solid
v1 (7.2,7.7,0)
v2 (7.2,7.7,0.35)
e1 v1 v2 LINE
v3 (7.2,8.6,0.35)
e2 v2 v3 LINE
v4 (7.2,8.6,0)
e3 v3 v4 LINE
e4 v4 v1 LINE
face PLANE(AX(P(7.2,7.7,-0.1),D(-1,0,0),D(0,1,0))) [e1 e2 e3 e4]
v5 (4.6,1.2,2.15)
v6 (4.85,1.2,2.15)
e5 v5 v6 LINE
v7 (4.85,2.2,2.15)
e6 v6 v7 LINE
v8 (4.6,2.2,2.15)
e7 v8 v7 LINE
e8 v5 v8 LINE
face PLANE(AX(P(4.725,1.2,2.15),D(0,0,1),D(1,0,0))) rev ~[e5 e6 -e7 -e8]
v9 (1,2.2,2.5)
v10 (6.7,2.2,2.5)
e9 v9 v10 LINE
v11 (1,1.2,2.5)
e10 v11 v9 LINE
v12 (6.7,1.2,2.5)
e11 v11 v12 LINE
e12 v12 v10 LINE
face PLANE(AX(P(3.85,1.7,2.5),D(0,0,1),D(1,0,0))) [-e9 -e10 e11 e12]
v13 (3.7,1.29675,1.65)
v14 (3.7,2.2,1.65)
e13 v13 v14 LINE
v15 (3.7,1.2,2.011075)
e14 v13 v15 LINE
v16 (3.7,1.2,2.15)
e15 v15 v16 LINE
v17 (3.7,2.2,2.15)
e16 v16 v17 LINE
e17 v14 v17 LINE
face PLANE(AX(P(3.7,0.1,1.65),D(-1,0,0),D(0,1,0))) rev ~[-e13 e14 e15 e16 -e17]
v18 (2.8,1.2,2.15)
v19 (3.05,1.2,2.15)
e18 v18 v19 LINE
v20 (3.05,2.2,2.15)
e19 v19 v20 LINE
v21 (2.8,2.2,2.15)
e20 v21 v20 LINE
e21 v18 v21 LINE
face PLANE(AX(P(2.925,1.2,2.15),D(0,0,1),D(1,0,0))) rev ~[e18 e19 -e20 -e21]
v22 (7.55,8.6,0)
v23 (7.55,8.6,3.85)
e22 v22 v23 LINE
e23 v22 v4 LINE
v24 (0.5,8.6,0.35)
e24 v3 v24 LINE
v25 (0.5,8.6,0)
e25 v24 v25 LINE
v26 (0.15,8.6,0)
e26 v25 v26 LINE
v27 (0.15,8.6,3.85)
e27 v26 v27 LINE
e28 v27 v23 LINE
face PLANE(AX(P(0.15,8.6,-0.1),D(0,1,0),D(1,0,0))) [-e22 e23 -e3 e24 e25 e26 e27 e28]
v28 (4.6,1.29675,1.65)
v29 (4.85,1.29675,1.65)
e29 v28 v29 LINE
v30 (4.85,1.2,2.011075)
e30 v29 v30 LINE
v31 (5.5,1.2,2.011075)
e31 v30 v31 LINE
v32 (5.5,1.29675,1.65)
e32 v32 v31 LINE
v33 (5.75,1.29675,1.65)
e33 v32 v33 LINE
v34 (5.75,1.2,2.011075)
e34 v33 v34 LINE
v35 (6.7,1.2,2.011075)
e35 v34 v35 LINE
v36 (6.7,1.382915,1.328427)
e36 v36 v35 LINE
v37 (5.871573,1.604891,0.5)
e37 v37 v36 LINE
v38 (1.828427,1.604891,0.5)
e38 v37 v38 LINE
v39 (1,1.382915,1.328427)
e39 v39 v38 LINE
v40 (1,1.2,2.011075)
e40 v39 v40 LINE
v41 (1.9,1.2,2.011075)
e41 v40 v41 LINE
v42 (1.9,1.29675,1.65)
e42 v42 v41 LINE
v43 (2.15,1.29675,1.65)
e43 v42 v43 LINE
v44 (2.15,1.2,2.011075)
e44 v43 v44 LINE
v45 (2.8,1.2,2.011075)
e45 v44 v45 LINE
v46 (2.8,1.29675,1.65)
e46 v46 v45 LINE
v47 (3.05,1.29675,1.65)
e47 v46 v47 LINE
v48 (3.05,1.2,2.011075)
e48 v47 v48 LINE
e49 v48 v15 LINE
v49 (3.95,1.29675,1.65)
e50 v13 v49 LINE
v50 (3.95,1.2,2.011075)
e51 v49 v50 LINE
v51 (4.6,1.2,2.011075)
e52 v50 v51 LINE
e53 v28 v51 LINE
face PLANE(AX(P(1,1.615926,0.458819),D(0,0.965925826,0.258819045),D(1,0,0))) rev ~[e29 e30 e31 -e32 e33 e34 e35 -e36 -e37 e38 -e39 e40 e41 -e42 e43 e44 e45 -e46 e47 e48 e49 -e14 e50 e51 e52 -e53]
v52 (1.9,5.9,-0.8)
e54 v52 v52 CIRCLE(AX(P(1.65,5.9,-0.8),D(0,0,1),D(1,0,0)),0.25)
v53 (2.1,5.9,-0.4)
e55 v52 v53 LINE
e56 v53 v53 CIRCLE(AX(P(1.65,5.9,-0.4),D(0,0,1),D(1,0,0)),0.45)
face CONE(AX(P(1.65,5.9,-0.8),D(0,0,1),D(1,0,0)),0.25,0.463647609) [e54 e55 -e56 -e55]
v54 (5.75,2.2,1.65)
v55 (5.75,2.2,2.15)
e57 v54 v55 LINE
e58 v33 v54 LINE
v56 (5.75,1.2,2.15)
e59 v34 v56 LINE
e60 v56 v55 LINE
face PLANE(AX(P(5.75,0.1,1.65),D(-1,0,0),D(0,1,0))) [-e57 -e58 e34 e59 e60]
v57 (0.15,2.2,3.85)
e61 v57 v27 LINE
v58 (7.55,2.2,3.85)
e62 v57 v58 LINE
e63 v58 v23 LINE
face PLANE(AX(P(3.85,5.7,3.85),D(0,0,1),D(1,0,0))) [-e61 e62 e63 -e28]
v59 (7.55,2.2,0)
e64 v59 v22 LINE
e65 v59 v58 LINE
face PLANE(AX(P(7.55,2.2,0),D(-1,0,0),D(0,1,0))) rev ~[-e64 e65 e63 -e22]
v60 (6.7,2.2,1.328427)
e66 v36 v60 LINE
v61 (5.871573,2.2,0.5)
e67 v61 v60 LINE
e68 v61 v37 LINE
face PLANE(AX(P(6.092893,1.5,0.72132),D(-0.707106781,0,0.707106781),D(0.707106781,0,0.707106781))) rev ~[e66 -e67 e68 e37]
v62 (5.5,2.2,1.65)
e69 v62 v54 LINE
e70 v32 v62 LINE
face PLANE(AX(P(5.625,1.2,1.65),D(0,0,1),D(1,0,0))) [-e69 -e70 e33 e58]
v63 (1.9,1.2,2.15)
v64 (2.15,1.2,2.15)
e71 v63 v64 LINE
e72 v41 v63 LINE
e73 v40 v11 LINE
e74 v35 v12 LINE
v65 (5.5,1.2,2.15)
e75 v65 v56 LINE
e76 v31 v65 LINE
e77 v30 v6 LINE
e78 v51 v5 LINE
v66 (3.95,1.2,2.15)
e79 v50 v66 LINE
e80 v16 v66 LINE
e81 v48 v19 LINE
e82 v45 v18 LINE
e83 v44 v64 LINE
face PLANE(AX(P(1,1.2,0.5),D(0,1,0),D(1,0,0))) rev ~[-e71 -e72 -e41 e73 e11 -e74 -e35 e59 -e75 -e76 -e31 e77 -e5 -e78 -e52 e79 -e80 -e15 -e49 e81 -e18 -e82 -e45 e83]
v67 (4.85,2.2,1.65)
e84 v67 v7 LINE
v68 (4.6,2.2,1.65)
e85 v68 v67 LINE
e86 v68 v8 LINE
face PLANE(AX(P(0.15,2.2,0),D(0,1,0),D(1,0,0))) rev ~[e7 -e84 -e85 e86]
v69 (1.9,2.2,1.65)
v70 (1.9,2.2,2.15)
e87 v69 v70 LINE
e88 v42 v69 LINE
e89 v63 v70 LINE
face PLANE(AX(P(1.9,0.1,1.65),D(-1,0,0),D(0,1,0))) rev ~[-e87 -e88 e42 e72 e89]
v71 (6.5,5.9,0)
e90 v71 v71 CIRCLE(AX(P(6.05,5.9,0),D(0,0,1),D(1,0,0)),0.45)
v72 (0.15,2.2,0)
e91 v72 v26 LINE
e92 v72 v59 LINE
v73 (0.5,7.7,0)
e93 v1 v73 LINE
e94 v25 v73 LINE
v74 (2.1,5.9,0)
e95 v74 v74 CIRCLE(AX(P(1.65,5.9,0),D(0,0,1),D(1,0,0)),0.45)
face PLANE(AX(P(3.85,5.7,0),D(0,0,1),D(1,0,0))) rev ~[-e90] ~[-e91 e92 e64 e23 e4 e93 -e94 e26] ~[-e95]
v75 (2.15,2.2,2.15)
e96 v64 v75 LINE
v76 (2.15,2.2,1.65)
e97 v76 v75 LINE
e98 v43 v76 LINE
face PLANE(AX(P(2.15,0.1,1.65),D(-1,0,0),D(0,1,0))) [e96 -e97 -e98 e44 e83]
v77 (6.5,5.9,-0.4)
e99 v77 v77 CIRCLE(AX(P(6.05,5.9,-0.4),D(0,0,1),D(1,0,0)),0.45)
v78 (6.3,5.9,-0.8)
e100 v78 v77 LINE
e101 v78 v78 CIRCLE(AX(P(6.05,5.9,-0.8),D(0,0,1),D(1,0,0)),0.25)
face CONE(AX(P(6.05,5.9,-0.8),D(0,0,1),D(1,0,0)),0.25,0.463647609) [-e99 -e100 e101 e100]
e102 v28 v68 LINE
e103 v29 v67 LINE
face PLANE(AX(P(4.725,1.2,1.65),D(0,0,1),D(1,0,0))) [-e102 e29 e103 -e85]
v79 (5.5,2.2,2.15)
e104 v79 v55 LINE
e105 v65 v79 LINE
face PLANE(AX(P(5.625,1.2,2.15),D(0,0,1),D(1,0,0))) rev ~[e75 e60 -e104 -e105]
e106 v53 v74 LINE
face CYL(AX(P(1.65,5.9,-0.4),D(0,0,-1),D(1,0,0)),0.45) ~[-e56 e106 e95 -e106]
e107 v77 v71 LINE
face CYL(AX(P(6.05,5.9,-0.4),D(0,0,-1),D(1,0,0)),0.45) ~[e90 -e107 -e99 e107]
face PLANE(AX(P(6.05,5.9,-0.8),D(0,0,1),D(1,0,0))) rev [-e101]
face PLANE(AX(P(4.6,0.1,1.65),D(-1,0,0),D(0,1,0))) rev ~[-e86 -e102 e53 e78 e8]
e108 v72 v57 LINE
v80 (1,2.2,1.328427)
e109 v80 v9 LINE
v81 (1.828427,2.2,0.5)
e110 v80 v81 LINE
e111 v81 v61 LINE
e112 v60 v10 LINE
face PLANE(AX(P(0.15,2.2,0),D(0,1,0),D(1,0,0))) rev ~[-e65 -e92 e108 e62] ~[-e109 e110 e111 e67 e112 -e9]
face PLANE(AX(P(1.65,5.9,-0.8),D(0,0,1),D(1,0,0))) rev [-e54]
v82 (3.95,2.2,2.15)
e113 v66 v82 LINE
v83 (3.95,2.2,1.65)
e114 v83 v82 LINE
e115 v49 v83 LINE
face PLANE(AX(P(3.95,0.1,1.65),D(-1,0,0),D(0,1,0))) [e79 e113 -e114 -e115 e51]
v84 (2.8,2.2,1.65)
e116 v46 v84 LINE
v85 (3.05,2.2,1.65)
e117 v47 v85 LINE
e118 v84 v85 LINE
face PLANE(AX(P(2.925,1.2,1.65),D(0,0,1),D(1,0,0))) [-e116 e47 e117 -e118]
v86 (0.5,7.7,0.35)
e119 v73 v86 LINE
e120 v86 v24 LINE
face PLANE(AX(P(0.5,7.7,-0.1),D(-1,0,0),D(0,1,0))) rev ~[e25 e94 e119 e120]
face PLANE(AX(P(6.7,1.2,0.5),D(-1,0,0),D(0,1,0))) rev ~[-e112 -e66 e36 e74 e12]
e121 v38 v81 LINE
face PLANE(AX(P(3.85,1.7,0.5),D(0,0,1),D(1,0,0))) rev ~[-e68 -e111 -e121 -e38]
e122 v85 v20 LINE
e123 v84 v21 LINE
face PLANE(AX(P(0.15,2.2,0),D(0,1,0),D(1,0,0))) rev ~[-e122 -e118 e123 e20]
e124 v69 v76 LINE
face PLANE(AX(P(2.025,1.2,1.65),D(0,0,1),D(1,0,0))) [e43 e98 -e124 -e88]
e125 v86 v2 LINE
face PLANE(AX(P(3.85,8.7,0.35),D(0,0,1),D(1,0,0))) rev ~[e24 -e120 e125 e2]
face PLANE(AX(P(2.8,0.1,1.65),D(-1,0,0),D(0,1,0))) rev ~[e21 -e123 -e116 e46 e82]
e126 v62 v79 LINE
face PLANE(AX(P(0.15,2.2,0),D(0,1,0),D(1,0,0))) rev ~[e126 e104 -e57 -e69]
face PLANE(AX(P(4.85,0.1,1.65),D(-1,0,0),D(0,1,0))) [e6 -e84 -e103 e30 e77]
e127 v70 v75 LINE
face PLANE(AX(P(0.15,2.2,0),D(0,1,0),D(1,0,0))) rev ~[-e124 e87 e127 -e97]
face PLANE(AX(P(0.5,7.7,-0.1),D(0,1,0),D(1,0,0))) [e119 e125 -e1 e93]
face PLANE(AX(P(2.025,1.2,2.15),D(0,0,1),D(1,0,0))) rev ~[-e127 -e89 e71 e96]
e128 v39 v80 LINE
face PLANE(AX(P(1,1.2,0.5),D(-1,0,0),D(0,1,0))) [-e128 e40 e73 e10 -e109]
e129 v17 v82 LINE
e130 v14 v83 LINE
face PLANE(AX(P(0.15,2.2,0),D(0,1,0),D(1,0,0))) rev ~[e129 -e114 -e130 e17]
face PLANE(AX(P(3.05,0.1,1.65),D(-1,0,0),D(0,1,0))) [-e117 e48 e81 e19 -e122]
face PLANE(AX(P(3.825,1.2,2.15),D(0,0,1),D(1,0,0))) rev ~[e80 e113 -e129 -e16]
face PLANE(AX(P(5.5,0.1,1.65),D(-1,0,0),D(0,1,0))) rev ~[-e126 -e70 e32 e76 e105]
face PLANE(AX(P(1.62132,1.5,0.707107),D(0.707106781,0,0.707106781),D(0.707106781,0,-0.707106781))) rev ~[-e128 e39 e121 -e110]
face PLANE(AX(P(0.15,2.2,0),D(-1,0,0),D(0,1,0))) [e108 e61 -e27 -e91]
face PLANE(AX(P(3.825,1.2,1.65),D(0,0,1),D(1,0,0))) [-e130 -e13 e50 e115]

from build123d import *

# Parameters (mm, degrees)
BOX039_W               = 7.4
BOX039_H               = 1
BOX039_DEPTH           = 3.95
BOX038_W               = 6.7
BOX038_H               = 2
BOX038_DEPTH           = 0.45
CYLINDER008_R          = 0.45
CYLINDER008_DEPTH      = 0.4
CYLINDER_R             = 0.45
CYLINDER_DEPTH         = 0.4
BOX028_W               = 7.4
BOX028_H               = 7
BOX028_DEPTH           = 3.85
BOX037_W               = 0.25
BOX037_H               = 2.2
BOX037_DEPTH           = 0.5
BOX036_W               = 0.25
BOX036_H               = 2.2
BOX036_DEPTH           = 0.5
BOX035_W               = 0.25
BOX035_H               = 2.2
BOX035_DEPTH           = 0.5
BOX034_W               = 0.25
BOX034_H               = 2.2
BOX034_DEPTH           = 0.5
BOX033_W               = 0.25
BOX033_H               = 2.2
BOX033_DEPTH           = 0.5
BOX032_W               = 2
BOX032_H               = 3
BOX032_DEPTH           = 2
BOX032_PLACEMENT_ANGLE = 45
BOX031_W               = 2
BOX031_H               = 3
BOX031_DEPTH           = 2
BOX031_PLACEMENT_ANGLE = 45
BOX029_W               = 5.7
BOX029_H               = 1
BOX029_DEPTH           = 2
BOX029_PLACEMENT_ANGLE = 15
BOX030_W               = 5.7
BOX030_H               = 1
BOX030_DEPTH           = 2


with BuildPart() as cube031:
    # Box039 → Box039 (new body)
    with BuildSketch(Plane(origin=(0.15, 8.6, -0.1), x_dir=(1, 0, 0), z_dir=(0, 0, 1))):
        with Locations((3.7, 0.5)):
            Rectangle(BOX039_W, BOX039_H)
    extrude(amount=BOX039_DEPTH)


with BuildPart() as cube030:
    # Box038 → Box038 (new body)
    with BuildSketch(Plane(origin=(0.5, 7.7, -0.1), x_dir=(1, 0, 0), z_dir=(0, 0, 1))):
        with Locations((3.35, 1)):
            Rectangle(BOX038_W, BOX038_H)
    extrude(amount=BOX038_DEPTH)


with BuildPart() as cone001:
    # Cone001 → Cone001 (revolve)
    with BuildSketch(Plane(origin=(6.05, 5.9, -0.8), x_dir=(1, 0, 0), z_dir=(0, -1, 0))):
        Polygon((0, 0), (0.25, 0), (0.45, 0.4), (0, 0.4), align=None)
    revolve(axis=Axis((6.05, 5.9, -0.8), (0, 0, 1)))


with BuildPart() as fusion002:
    # Cylinder008 → Cylinder008 (new body)
    with BuildSketch(Plane(origin=(6.05, 5.9, -0.4), x_dir=(1, 0, 0), z_dir=(0, 0, 1))):
        Circle(CYLINDER008_R)
    extrude(amount=CYLINDER008_DEPTH)

    # Fusion002: union Cone001
    add(cone001.part)


with BuildPart() as cone:
    # Cone → Cone (revolve)
    with BuildSketch(Plane(origin=(1.65, 5.9, -0.8), x_dir=(1, 0, 0), z_dir=(0, -1, 0))):
        Polygon((0, 0), (0.25, 0), (0.45, 0.4), (0, 0.4), align=None)
    revolve(axis=Axis((1.65, 5.9, -0.8), (0, 0, 1)))


with BuildPart() as fusion:
    # Cylinder → Cylinder (new body)
    with BuildSketch(Plane(origin=(1.65, 5.9, -0.4), x_dir=(1, 0, 0), z_dir=(0, 0, 1))):
        Circle(CYLINDER_R)
    extrude(amount=CYLINDER_DEPTH)

    # Fusion: union Cone
    add(cone.part)


with BuildPart() as fusion004:
    # Box028 → Box028 (new body)
    with BuildSketch(Plane(origin=(0.15, 2.2, 0), x_dir=(1, 0, 0), z_dir=(0, 0, 1))):
        with Locations((3.7, 3.5)):
            Rectangle(BOX028_W, BOX028_H)
    extrude(amount=BOX028_DEPTH)

    # Fusion003: union Fusion
    add(fusion.part)

    # Fusion004: union Fusion002
    add(fusion002.part)


with BuildPart() as cube029:
    # Box037 → Box037 (new body)
    with BuildSketch(Plane(origin=(5.5, 0.1, 1.65), x_dir=(1, 0, 0), z_dir=(0, 0, 1))):
        with Locations((0.125, 1.1)):
            Rectangle(BOX037_W, BOX037_H)
    extrude(amount=BOX037_DEPTH)


with BuildPart() as cube028:
    # Box036 → Box036 (new body)
    with BuildSketch(Plane(origin=(4.6, 0.1, 1.65), x_dir=(1, 0, 0), z_dir=(0, 0, 1))):
        with Locations((0.125, 1.1)):
            Rectangle(BOX036_W, BOX036_H)
    extrude(amount=BOX036_DEPTH)


with BuildPart() as cube027:
    # Box035 → Box035 (new body)
    with BuildSketch(Plane(origin=(3.7, 0.1, 1.65), x_dir=(1, 0, 0), z_dir=(0, 0, 1))):
        with Locations((0.125, 1.1)):
            Rectangle(BOX035_W, BOX035_H)
    extrude(amount=BOX035_DEPTH)


with BuildPart() as cube026:
    # Box034 → Box034 (new body)
    with BuildSketch(Plane(origin=(2.8, 0.1, 1.65), x_dir=(1, 0, 0), z_dir=(0, 0, 1))):
        with Locations((0.125, 1.1)):
            Rectangle(BOX034_W, BOX034_H)
    extrude(amount=BOX034_DEPTH)


with BuildPart() as cube025:
    # Box033 → Box033 (new body)
    with BuildSketch(Plane(origin=(1.9, 0.1, 1.65), x_dir=(1, 0, 0), z_dir=(0, 0, 1))):
        with Locations((0.125, 1.1)):
            Rectangle(BOX033_W, BOX033_H)
    extrude(amount=BOX033_DEPTH)


with BuildPart() as cube024:
    # Box032 → Box032 (new body)
    with BuildSketch(Plane.XY):
        with Locations((1, 1.5)):
            Rectangle(BOX032_W, BOX032_H)
    extrude(amount=BOX032_DEPTH)


with BuildPart() as cube024_1:
    # Box032 placement: moved
    add(cube024.part.moved(Location((6.8, 0, -1.4))).rotate(Axis((6.8, 0, -1.4), (0, -1, 0)), BOX032_PLACEMENT_ANGLE))


with BuildPart() as cube023:
    # Box031 → Box031 (new body)
    with BuildSketch(Plane.XY):
        with Locations((1, 1.5)):
            Rectangle(BOX031_W, BOX031_H)
    extrude(amount=BOX031_DEPTH)


with BuildPart() as cube023_1:
    # Box031 placement: moved
    add(cube023.part.moved(Location((-0.5, 0, 0))).rotate(Axis((-0.5, 0, 0), (0, 1, 0)), BOX031_PLACEMENT_ANGLE))


with BuildPart() as cube021:
    # Box029 → Box029 (new body)
    with BuildSketch(Plane.XY):
        with Locations((2.85, 0.5)):
            Rectangle(BOX029_W, BOX029_H)
    extrude(amount=BOX029_DEPTH)


with BuildPart() as cube021_1:
    # Box029 placement: moved
    add(cube021.part.moved(Location((1, 0.65, 0.2))).rotate(Axis((1, 0.65, 0.2), (1, 0, 0)), BOX029_PLACEMENT_ANGLE))


with BuildPart() as plastic_guts:
    # Box030 → Box030 (new body)
    with BuildSketch(Plane(origin=(1, 1.2, 0.5), x_dir=(1, 0, 0), z_dir=(0, 0, 1))):
        with Locations((2.85, 0.5)):
            Rectangle(BOX030_W, BOX030_H)
    extrude(amount=BOX030_DEPTH)

    # Cut026: cut Cube021
    add(cube021_1.part, mode=Mode.SUBTRACT)

    # Cut027: cut Cube023
    add(cube023_1.part, mode=Mode.SUBTRACT)

    # Cut028: cut Cube024
    add(cube024_1.part, mode=Mode.SUBTRACT)

    # Cut029: cut Cube025
    add(cube025.part, mode=Mode.SUBTRACT)

    # Cut030: cut Cube026
    add(cube026.part, mode=Mode.SUBTRACT)

    # Cut031: cut Cube027
    add(cube027.part, mode=Mode.SUBTRACT)

    # Cut032: cut Cube028
    add(cube028.part, mode=Mode.SUBTRACT)

    # Cut033: cut Cube029
    add(cube029.part, mode=Mode.SUBTRACT)

    # Fusion005: union Fusion004
    add(fusion004.part)

    # Cut034: cut Cube030
    add(cube030.part, mode=Mode.SUBTRACT)

    # Cut035: cut Cube031
    add(cube031.part, mode=Mode.SUBTRACT)


solid = plastic_guts.part
